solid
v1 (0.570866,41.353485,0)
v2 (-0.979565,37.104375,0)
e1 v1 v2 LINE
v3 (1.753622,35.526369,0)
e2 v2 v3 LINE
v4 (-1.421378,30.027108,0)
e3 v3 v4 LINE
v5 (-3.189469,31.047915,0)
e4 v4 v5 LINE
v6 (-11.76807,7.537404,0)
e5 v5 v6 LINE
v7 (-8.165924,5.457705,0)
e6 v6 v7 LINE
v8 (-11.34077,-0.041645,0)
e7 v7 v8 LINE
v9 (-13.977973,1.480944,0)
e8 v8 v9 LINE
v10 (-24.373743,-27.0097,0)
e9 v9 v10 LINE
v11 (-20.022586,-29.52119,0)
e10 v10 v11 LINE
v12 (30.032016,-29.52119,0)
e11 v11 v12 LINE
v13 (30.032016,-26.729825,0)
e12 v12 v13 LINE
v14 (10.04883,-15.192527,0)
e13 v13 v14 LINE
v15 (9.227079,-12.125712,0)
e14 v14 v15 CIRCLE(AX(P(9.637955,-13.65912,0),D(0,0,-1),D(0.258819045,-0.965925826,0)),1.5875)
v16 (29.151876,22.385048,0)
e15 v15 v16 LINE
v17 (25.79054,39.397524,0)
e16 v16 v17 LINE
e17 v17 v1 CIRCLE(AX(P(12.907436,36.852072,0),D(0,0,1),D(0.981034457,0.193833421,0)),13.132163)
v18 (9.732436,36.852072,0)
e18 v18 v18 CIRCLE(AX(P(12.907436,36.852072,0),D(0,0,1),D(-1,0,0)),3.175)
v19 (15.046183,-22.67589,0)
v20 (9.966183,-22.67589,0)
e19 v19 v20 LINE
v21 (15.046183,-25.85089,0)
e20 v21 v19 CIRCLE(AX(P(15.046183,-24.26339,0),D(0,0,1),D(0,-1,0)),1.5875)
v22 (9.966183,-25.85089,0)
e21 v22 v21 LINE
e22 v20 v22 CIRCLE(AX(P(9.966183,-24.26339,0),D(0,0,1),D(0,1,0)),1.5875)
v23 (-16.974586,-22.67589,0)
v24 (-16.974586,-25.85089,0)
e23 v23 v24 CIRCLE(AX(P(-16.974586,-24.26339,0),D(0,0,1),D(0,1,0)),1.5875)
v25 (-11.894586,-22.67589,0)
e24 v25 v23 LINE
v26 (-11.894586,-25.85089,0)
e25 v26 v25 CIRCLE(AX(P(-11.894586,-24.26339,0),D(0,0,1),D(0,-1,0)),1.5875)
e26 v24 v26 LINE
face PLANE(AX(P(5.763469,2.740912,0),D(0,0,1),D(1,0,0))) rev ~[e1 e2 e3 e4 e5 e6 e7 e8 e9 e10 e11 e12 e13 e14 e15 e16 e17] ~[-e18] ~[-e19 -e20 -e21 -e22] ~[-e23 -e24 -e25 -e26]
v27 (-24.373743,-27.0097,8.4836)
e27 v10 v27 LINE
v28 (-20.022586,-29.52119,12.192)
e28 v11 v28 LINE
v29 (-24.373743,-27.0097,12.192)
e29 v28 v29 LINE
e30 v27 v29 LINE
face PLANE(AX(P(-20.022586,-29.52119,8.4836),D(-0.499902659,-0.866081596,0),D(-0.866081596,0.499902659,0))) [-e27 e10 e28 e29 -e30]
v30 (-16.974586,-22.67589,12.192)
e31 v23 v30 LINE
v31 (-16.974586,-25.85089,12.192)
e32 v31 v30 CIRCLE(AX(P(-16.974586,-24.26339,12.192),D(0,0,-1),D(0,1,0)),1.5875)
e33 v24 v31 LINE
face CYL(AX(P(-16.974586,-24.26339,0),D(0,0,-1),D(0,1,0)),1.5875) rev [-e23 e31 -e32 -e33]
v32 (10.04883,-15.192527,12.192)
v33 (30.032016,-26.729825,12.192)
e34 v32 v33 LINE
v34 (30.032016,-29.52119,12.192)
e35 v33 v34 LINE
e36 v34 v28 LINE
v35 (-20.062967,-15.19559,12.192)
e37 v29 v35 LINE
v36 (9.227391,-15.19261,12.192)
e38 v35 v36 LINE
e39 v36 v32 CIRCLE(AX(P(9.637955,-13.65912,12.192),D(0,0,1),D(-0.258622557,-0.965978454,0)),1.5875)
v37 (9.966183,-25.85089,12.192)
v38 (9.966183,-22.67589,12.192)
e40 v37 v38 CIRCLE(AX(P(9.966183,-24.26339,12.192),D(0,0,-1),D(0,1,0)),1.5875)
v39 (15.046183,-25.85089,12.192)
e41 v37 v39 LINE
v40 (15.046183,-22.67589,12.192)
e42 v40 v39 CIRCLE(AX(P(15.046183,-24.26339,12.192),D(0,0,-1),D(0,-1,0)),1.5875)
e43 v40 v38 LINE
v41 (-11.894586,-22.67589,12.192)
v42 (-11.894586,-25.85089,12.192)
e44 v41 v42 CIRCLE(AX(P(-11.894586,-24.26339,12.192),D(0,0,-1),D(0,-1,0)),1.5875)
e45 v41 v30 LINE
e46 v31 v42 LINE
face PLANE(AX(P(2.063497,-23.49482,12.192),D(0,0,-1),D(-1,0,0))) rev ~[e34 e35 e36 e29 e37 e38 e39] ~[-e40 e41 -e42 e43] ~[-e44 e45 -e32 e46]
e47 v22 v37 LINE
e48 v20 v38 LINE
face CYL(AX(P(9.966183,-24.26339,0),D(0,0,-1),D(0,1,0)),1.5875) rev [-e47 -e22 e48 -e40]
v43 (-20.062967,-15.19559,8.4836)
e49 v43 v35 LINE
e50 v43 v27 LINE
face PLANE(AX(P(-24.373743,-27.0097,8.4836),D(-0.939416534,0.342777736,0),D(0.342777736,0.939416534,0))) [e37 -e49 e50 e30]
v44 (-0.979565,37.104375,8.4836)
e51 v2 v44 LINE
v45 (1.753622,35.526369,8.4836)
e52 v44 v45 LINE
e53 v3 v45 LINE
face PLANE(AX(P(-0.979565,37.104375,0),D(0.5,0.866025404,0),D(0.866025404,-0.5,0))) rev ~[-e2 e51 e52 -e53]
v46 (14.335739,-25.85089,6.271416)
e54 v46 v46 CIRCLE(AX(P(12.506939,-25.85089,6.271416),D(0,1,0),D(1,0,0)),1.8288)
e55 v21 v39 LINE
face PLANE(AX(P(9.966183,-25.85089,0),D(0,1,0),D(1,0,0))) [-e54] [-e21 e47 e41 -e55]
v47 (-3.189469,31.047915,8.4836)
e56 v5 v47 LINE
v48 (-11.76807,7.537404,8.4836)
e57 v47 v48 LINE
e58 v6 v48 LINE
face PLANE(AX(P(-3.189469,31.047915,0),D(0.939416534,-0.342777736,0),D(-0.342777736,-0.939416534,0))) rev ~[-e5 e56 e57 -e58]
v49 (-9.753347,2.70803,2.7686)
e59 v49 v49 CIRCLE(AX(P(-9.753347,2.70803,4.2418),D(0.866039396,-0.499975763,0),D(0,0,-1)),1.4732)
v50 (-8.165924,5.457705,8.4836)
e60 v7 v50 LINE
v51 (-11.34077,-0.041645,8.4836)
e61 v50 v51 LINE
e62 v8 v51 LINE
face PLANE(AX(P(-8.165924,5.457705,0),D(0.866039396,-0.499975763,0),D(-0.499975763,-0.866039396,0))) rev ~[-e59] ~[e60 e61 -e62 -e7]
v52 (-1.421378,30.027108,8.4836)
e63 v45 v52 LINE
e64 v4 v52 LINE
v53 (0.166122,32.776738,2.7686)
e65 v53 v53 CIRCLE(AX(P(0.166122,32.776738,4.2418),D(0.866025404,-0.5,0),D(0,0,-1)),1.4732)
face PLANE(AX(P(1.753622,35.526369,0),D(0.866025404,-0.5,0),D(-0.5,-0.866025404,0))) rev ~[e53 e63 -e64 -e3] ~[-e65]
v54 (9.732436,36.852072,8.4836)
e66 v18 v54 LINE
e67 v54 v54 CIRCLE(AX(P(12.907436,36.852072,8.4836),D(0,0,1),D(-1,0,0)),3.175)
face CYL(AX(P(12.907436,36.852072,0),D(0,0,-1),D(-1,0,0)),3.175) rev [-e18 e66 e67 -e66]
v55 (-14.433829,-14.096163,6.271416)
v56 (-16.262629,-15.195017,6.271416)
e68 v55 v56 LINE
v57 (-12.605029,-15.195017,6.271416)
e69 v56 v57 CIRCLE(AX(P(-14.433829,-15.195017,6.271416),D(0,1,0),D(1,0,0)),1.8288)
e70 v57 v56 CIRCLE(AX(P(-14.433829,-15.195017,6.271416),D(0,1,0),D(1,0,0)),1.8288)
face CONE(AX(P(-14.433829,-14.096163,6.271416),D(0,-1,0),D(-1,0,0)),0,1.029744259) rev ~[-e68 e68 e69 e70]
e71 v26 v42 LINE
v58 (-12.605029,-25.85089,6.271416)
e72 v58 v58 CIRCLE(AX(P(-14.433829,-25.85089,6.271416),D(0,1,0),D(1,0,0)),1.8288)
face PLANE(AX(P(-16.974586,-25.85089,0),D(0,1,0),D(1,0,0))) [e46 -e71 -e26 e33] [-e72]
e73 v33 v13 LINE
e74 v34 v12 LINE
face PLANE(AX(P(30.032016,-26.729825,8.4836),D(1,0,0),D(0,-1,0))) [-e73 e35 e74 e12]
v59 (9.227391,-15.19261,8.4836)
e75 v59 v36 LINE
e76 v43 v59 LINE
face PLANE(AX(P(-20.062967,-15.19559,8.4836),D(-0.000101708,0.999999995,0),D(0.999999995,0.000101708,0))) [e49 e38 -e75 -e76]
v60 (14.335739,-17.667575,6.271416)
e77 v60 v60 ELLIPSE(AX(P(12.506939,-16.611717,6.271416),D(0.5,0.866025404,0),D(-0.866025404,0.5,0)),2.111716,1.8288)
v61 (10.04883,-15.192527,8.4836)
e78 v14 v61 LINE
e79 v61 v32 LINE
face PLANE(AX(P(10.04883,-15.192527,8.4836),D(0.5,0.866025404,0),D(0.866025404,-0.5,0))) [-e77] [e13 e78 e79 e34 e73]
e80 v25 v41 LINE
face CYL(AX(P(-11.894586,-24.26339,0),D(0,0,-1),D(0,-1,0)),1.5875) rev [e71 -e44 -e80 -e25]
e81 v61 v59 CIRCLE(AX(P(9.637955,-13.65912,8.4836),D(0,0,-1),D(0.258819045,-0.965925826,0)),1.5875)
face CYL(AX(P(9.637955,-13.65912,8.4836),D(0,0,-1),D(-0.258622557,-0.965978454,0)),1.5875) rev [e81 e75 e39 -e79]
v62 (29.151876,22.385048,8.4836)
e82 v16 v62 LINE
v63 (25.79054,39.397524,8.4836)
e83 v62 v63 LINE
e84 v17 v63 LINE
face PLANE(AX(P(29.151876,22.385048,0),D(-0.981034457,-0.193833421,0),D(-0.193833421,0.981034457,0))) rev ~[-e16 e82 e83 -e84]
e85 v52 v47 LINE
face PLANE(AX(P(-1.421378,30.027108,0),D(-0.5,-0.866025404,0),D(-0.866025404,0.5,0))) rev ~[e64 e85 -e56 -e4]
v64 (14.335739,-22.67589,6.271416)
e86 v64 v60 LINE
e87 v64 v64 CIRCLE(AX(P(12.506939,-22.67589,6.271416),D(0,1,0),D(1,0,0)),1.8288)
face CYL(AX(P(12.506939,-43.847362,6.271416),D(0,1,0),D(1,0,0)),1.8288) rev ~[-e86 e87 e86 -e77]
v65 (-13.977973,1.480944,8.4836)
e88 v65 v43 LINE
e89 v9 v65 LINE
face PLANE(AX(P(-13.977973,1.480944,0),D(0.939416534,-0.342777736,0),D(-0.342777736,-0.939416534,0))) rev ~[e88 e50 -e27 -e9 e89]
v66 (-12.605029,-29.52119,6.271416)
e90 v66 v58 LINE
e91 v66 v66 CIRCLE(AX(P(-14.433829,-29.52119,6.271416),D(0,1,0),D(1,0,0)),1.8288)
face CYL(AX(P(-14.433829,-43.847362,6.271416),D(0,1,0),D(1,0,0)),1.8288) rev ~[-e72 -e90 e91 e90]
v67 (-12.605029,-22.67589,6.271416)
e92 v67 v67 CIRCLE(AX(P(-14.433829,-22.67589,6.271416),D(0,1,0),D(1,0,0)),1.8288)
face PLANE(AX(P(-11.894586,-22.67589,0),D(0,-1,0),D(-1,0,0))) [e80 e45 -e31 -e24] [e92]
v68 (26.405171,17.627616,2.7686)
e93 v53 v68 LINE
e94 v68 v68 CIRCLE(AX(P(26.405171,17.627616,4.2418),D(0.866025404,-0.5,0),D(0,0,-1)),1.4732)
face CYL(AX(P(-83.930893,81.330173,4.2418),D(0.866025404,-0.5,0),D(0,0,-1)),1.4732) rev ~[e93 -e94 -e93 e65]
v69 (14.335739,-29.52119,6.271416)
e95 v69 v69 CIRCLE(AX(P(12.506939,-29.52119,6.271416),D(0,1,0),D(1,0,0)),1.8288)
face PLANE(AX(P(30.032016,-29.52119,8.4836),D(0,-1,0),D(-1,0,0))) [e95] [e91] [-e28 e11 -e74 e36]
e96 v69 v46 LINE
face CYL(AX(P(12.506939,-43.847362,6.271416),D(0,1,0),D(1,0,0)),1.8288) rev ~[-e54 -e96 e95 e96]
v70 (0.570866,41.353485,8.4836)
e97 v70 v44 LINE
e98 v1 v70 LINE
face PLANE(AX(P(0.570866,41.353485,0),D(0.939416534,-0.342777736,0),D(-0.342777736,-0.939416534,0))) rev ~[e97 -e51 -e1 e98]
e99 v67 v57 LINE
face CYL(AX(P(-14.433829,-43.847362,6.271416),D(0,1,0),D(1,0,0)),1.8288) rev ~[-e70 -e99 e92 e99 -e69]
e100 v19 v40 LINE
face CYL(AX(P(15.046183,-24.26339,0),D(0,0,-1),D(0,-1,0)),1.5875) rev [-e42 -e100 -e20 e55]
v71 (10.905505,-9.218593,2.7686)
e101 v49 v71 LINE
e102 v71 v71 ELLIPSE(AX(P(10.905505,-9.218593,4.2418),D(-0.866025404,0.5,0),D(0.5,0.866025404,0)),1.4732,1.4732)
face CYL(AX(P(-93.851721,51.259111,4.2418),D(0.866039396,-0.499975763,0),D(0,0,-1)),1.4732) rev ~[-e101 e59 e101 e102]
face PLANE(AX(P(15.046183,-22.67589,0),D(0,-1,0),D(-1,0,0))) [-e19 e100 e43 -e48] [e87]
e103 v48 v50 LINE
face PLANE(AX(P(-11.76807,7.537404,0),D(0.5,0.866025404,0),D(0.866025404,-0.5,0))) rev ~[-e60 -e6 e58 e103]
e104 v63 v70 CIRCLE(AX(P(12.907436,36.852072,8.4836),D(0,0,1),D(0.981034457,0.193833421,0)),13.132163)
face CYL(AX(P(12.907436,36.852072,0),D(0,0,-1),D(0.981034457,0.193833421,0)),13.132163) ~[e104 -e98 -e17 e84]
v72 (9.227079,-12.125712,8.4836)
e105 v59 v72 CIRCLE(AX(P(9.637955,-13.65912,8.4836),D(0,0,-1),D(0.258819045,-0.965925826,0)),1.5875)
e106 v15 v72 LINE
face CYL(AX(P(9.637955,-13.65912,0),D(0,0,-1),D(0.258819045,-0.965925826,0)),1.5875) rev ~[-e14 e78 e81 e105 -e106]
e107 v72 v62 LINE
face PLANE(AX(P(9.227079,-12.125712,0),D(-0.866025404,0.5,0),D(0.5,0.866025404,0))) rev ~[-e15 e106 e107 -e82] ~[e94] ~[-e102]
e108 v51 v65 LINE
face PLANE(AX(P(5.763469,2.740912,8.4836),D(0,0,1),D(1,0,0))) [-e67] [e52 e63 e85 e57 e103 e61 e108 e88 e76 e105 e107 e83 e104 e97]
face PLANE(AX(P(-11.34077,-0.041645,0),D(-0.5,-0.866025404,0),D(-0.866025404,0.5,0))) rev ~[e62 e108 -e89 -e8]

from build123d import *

# Parameters (mm, degrees)
MODEL_R                   = 3.175
BOSS_EXTRUDE1_DEPTH       = 8.4836
BOSS_EXTRUDE2_DEPTH       = 3.7084
F_4_CLEARANCE_HOLE3_D     = 2.9464
F_4_CLEARANCE_HOLE4_D     = 2.9464
CUT_EXTRUDE1_DEPTH        = 60.573404892
F_6_CLEARANCE_HOLE1_D     = 3.6576
F_6_CLEARANCE_HOLE1_DEPTH = 14.326172531
F_6_CLEARANCE_HOLE1_TIP   = 1.0988539


with BuildPart() as part:
    # Model → Boss-Extrude1 (new body)
    with BuildSketch(Plane.XY):
        with BuildLine():
            Line((30.032015577, -29.521189504), (30.032015577, -26.729824585))
            Line((30.032015577, -26.729824585), (10.04882977, -15.19252688))
            ThreePointArc((10.04882977, -15.19252688), (8.104547287, -14.069994865), (9.227079302, -12.125712382))
            Line((9.227079302, -12.125712382), (29.151876156, 22.3850481))
            Line((29.151876156, 22.3850481), (25.790540116, 39.397524407))
            ThreePointArc((25.790540116, 39.397524407), (13.922877184, 49.944916766), (0.570865514, 41.353485372))
            Line((0.570865514, 41.353485372), (-0.979565285, 37.104375313))
            Line((-0.979565285, 37.104375313), (1.753621818, 35.526369004))
            Line((1.753621818, 35.526369004), (-1.421378182, 30.02710769))
            Line((-1.421378182, 30.02710769), (-3.189468587, 31.047915161))
            Line((-3.189468587, 31.047915161), (-11.768069595, 7.537404491))
            Line((-11.768069595, 7.537404491), (-8.165923931, 5.457704722))
            Line((-8.165923931, 5.457704722), (-11.34077003, -0.041645446))
            Line((-11.34077003, -0.041645446), (-13.977972897, 1.480944339))
            Line((-13.977972897, 1.480944339), (-24.373743148, -27.00969967))
            Line((-24.373743148, -27.00969967), (-20.022585807, -29.521189504))
            Line((-20.022585807, -29.521189504), (30.032015577, -29.521189504))
        make_face()
        with Locations(Location((12.90743615, 36.852072417, 0), (0, 0, 180))):
            Circle(MODEL_R, mode=Mode.SUBTRACT)
    extrude(amount=BOSS_EXTRUDE1_DEPTH)

    # Sketch2 → Boss-Extrude2 (add)
    with BuildSketch(Plane.XY.offset(8.4836)):
        with BuildLine():
            Line((-20.062967478, -15.195589504), (9.227391231, -15.192610427))
            ThreePointArc((9.227391231, -15.192610427), (9.638115998, -15.246619623), (10.04882977, -15.19252688))
            Line((10.04882977, -15.19252688), (30.032015577, -26.729824585))
            Line((30.032015577, -26.729824585), (30.032015577, -29.521189504))
            Line((30.032015577, -29.521189504), (-20.022585807, -29.521189504))
            Line((-20.022585807, -29.521189504), (-24.373743148, -27.00969967))
            Line((-24.373743148, -27.00969967), (-20.062967478, -15.195589504))
        make_face()
    extrude(amount=BOSS_EXTRUDE2_DEPTH)

    # #4 Clearance Hole3 (through all)
    with Locations(Plane(origin=(-14.068152667, 8.12225173, 0), x_dir=(0, 0, 1), z_dir=(-0.8660254037844389, 0.4999999999999996, 0))):
        with Locations((4.2418, 28.46854897)):
            Hole(F_4_CLEARANCE_HOLE3_D / 2)

    # #4 Clearance Hole4 (through all)
    with Locations(Plane(origin=(-8.487819953, 4.900128422, 0), x_dir=(0, 0, 1), z_dir=(-0.8660393963332388, 0.49997576341134725, 0))):
        with Locations((4.2418, -2.53117675)):
            Hole(F_4_CLEARANCE_HOLE4_D / 2)

    # Sketch12 → Cut-Extrude1 (cut, through all)
    with BuildSketch(Plane(origin=(0, 0, 0), x_dir=(-1, 0, 0), z_dir=(0, 0, -1))):
        with BuildLine():
            Line((-15.046182511, -22.675889504), (-9.966182511, -22.675889504))
            ThreePointArc((-9.966182511, -22.675889504), (-8.378682511, -24.263389504), (-9.966182511, -25.850889504))
            Line((-9.966182511, -25.850889504), (-15.046182511, -25.850889504))
            ThreePointArc((-15.046182511, -25.850889504), (-16.633682511, -24.263389504), (-15.046182511, -22.675889504))
        make_face()
        with BuildLine():
            Line((11.894585807, -22.675889504), (16.974585807, -22.675889504))
            ThreePointArc((16.974585807, -22.675889504), (18.562085807, -24.263389504), (16.974585807, -25.850889504))
            Line((16.974585807, -25.850889504), (11.894585807, -25.850889504))
            ThreePointArc((11.894585807, -25.850889504), (10.307085807, -24.263389504), (11.894585807, -22.675889504))
        make_face()
    extrude(amount=-CUT_EXTRUDE1_DEPTH, mode=Mode.SUBTRACT)

    # #6 Clearance Hole1
    with Locations(Plane(origin=(0, -29.521189504, 0), x_dir=(-1, 0, 0), z_dir=(0, -1, 0))):
        with Locations((14.433829056, -6.27141583), (-12.506939307, -6.27141583)):
            Hole(F_6_CLEARANCE_HOLE1_D / 2, depth=F_6_CLEARANCE_HOLE1_DEPTH)
            with Locations((0, 0, -(F_6_CLEARANCE_HOLE1_DEPTH + F_6_CLEARANCE_HOLE1_TIP / 2))):  # 118° drill point
                Cone(0, F_6_CLEARANCE_HOLE1_D / 2, F_6_CLEARANCE_HOLE1_TIP, mode=Mode.SUBTRACT)


solid = part.part
